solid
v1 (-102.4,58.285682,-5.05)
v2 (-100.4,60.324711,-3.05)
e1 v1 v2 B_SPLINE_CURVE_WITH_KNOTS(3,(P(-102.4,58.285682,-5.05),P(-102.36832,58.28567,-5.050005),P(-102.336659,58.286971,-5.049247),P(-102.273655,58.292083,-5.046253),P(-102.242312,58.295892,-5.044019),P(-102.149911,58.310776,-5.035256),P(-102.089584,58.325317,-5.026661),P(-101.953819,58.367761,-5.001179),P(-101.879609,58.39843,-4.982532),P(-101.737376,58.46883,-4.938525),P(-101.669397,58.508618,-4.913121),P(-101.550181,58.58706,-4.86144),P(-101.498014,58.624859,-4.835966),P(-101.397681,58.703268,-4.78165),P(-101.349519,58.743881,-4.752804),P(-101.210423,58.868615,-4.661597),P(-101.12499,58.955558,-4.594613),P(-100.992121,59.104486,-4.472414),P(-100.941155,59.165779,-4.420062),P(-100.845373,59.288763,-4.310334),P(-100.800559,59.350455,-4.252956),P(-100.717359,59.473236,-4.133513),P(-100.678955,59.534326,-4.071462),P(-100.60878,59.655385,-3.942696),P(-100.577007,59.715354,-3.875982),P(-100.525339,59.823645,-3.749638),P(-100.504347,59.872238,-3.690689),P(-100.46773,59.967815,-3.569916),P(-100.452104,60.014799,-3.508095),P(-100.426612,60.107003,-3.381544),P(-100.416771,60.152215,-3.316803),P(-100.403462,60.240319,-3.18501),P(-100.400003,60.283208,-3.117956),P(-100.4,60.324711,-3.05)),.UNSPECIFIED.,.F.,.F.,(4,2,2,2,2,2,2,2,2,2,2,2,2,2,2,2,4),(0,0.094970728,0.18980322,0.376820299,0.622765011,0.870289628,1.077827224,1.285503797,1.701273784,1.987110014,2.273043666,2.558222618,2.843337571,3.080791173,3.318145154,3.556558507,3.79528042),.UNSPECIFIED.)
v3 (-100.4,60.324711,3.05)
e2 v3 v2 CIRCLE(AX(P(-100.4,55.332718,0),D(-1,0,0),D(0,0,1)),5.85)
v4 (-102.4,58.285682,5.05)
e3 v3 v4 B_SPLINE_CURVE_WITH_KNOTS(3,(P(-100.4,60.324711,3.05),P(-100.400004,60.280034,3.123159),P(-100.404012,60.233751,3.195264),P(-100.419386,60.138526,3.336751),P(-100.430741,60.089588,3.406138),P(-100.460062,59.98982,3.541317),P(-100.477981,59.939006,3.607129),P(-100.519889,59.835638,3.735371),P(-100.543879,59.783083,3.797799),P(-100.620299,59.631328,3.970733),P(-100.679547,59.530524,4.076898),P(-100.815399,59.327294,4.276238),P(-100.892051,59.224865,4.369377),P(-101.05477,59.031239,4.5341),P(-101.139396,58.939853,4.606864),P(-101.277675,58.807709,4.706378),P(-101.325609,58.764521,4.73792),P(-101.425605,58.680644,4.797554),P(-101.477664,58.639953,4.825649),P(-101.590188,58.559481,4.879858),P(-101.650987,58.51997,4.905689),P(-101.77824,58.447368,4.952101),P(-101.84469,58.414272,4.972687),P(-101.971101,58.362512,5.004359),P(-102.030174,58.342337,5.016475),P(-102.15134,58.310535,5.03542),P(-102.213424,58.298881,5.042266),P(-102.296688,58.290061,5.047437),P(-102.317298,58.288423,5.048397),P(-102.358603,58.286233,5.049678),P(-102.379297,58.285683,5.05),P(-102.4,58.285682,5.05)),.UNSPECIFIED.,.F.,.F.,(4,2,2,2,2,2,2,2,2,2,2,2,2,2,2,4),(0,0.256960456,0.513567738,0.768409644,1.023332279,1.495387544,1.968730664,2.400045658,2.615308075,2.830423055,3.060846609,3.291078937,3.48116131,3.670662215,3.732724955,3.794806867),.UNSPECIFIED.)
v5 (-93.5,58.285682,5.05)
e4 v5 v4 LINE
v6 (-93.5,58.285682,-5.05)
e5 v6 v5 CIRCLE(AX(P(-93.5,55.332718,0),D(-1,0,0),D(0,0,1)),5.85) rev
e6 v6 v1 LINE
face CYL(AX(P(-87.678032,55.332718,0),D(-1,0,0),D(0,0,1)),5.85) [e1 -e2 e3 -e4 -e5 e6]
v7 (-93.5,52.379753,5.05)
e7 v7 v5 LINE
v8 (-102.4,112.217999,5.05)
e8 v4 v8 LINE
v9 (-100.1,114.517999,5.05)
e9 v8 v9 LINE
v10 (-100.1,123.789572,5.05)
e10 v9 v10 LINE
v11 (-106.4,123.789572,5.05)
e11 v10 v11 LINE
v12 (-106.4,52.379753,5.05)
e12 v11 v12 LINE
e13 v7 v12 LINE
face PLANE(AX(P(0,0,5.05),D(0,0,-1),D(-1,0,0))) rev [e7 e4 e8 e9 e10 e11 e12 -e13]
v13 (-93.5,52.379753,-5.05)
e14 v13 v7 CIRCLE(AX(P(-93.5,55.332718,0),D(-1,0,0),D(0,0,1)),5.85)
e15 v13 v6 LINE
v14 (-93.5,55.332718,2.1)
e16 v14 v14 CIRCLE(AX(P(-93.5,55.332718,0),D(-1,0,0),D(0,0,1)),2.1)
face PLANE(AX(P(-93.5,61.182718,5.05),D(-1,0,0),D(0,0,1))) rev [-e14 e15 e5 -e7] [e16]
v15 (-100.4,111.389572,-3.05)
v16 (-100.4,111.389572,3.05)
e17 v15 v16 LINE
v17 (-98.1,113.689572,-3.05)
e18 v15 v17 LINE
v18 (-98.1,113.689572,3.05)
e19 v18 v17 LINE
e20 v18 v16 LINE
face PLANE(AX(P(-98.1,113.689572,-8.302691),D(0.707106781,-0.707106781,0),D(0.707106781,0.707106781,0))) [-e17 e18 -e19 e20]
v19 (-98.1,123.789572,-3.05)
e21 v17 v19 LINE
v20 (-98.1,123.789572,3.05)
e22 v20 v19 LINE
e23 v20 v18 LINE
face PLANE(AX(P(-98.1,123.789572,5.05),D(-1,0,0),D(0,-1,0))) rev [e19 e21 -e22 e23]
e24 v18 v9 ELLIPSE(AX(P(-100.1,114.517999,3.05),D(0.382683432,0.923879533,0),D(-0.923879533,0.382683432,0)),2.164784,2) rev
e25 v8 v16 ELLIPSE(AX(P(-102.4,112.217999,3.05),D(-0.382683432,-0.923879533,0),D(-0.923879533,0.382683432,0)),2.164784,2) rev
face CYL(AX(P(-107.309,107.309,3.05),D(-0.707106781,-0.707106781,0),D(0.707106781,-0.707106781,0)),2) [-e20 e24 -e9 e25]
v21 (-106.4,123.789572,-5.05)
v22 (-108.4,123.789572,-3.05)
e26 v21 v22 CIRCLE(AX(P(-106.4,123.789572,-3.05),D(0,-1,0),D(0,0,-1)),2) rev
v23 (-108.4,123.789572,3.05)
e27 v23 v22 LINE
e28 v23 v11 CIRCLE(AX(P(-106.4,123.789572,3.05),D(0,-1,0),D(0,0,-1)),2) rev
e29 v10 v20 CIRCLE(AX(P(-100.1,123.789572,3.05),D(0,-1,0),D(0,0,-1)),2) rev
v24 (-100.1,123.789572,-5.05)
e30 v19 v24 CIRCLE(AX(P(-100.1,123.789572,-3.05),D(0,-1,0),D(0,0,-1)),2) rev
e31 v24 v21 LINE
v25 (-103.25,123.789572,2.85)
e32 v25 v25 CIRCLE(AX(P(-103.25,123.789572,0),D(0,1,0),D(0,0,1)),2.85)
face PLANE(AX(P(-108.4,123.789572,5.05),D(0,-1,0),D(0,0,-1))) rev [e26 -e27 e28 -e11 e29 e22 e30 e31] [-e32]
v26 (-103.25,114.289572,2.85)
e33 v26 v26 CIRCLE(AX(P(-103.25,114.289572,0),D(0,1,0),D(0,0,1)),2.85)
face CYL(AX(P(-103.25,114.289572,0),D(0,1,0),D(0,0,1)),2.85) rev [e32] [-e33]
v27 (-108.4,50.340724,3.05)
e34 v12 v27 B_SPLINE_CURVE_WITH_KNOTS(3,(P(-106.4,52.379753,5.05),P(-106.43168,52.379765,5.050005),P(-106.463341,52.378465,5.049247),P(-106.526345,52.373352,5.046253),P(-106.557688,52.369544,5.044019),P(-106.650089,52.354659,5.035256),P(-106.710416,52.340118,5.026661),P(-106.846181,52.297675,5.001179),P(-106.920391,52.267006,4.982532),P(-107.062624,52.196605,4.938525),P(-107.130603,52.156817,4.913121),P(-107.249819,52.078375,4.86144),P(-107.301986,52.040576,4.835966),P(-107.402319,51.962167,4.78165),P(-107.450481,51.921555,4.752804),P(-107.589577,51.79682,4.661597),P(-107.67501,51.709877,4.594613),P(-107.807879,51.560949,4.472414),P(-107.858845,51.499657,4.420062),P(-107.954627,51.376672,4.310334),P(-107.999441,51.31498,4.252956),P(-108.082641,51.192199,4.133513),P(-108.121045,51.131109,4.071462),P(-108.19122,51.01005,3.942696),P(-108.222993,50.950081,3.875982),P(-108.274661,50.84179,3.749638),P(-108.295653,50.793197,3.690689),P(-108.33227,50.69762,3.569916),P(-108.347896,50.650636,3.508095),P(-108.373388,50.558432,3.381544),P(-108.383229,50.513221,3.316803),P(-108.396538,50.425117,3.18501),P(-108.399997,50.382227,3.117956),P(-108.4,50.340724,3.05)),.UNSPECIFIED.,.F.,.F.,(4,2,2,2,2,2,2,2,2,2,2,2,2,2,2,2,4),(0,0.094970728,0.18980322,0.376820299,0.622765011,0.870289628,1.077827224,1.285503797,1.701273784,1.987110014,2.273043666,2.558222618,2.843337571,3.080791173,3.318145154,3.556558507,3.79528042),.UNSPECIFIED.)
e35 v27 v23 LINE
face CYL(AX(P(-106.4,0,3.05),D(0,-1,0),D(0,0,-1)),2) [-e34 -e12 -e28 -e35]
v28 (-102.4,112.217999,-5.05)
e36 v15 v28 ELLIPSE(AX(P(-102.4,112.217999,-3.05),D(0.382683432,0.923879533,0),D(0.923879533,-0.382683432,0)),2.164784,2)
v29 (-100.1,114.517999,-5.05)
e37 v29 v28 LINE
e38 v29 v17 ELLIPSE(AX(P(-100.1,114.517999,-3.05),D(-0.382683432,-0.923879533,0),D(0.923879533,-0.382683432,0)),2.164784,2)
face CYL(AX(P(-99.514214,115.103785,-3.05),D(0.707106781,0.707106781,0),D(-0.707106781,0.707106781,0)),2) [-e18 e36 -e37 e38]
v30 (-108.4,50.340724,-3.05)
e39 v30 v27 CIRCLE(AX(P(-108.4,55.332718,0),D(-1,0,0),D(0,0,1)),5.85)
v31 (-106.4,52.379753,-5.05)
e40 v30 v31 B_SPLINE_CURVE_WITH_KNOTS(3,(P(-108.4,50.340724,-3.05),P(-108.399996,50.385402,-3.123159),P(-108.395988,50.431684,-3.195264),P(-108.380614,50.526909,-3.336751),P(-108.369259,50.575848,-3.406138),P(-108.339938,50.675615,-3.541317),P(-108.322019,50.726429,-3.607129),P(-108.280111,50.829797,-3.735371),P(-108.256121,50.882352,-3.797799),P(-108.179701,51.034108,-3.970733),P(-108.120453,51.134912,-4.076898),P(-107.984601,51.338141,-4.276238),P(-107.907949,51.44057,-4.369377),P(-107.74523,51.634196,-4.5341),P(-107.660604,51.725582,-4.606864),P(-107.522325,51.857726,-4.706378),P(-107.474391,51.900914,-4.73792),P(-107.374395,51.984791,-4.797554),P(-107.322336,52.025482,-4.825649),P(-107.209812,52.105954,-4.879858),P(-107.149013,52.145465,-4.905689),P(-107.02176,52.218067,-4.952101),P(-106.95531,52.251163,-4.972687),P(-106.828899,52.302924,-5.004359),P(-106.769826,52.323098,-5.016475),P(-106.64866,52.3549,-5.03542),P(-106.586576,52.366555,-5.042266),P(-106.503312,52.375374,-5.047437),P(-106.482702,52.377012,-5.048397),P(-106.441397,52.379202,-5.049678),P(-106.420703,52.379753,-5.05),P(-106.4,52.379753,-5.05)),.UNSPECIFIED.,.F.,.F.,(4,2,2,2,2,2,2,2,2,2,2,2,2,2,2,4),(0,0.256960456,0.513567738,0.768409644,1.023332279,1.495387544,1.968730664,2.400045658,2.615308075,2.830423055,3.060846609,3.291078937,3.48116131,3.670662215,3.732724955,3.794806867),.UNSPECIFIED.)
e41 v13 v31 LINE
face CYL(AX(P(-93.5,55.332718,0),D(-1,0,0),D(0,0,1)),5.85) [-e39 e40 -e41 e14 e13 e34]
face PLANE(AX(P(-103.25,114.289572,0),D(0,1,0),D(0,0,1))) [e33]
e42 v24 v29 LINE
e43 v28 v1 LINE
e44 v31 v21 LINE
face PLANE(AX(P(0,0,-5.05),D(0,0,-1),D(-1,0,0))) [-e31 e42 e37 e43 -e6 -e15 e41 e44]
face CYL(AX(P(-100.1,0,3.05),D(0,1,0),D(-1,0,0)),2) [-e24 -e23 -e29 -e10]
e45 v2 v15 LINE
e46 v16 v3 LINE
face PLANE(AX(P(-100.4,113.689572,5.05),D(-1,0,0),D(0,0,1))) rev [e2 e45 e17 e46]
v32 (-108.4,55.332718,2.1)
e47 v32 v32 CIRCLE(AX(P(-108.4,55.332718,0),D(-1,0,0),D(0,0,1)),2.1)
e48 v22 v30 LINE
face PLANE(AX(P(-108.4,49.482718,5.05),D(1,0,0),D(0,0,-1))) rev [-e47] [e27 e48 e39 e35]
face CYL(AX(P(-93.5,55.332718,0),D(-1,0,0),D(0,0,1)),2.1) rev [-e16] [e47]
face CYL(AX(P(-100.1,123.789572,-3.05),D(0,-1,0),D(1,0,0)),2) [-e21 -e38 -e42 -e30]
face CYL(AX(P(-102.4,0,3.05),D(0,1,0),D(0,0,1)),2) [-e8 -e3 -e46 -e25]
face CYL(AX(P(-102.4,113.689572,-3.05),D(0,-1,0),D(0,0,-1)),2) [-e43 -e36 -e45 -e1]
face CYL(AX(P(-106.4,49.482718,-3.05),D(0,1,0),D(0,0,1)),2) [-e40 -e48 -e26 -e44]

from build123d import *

# Parameters (mm, degrees)
BOSS_EXTRUDE1_DEPTH = 5.05
SKETCH2_R           = 2.1
CUT_EXTRUDE1_DEPTH  = 15.9
SKETCH3_R           = 2.85
CUT_EXTRUDE2_DEPTH  = 9.5
BOSS_EXTRUDE2_DEPTH = 10.1
CUT_EXTRUDE3_DEPTH  = 15.9
CUT_EXTRUDE4_START  = -14.9
CUT_EXTRUDE4_DEPTH  = 6.9
FILLET1_R           = 2


with BuildPart() as part:
    # Sketch1 → Boss-Extrude1 (new body, symmetric)
    with BuildSketch(Plane.XY):
        Polygon((-93.5, 49.48271764), (-108.4, 49.48271764), (-108.4, 123.78957189), (-98.1, 123.78957189), (-98.1, 113.68957189), (-100.4, 113.68957189), (-100.4, 61.18271764), (-93.5, 61.18271764), align=None)
    extrude(amount=BOSS_EXTRUDE1_DEPTH, both=True)

    # Sketch2 → Cut-Extrude1 (cut, through all)
    with BuildSketch(Plane.ZY.offset(108.4)):
        with Locations((0, 55.33271764)):
            Circle(SKETCH2_R)
    extrude(amount=-CUT_EXTRUDE1_DEPTH, mode=Mode.SUBTRACT)

    # Sketch3 → Cut-Extrude2 (cut)
    with BuildSketch(Plane(origin=(0, 123.78957189, 0), x_dir=(1, 0, 0), z_dir=(0, 1, 0))):
        with Locations((-103.25, 0)):
            Circle(SKETCH3_R)
    extrude(amount=-CUT_EXTRUDE2_DEPTH, mode=Mode.SUBTRACT)

    # Sketch5 → Boss-Extrude2 (add)
    with BuildSketch(Plane.XY.offset(5.05)):
        Polygon((-98.1, 113.68957189), (-100.4, 111.38957189), (-100.4, 113.68957189), align=None)
    extrude(amount=-BOSS_EXTRUDE2_DEPTH)

    # Sketch4 → Cut-Extrude3 (cut, through all)
    with BuildSketch(Plane.ZY.offset(108.4)):
        with BuildLine():
            Line((-5.05, 52.379753028), (-5.05, 49.48271764))
            Line((-5.05, 49.48271764), (0, 49.48271764))
            ThreePointArc((0, 49.48271764), (-2.910984114, 50.258402761), (-5.05, 52.379753028))
        make_face()
        with BuildLine():
            ThreePointArc((5.05, 52.379753028), (2.910984114, 50.258402761), (0, 49.48271764))
            Line((0, 49.48271764), (5.05, 49.48271764))
            Line((5.05, 49.48271764), (5.05, 52.379753028))
        make_face()
    extrude(amount=-CUT_EXTRUDE3_DEPTH, mode=Mode.SUBTRACT)

    # Sketch4<3> → Cut-Extrude4 (cut)
    with BuildSketch(Plane.ZY.offset(108.4).offset(CUT_EXTRUDE4_START)):
        with BuildLine():
            Line((-5.05, 61.18271764), (-5.05, 58.285682252))
            ThreePointArc((-5.05, 58.285682252), (-2.910984114, 60.407032519), (0, 61.18271764))
            Line((0, 61.18271764), (-5.05, 61.18271764))
        make_face()
        with BuildLine():
            ThreePointArc((0, 61.18271764), (2.910984114, 60.407032519), (5.05, 58.285682252))
            Line((5.05, 58.285682252), (5.05, 61.18271764))
            Line((5.05, 61.18271764), (0, 61.18271764))
        make_face()
    extrude(amount=CUT_EXTRUDE4_DEPTH, mode=Mode.SUBTRACT)

    # Fillet1
    fillet1_edges = [part.edges().sort_by_distance(p)[0] for p in [
        (-108.4, 88.084662459, -5.05),
        (-100.4, 84.837627071, 5.05),
        (-98.1, 118.73957189, 5.05),
        (-99.25, 112.53957189, 5.05),
        (-99.25, 112.53957189, -5.05),
        (-108.4, 88.084662459, 5.05),
        (-98.1, 118.73957189, -5.05),
        (-100.4, 84.837627071, -5.05),
    ]]
    fillet(fillet1_edges, radius=FILLET1_R)


solid = part.part
